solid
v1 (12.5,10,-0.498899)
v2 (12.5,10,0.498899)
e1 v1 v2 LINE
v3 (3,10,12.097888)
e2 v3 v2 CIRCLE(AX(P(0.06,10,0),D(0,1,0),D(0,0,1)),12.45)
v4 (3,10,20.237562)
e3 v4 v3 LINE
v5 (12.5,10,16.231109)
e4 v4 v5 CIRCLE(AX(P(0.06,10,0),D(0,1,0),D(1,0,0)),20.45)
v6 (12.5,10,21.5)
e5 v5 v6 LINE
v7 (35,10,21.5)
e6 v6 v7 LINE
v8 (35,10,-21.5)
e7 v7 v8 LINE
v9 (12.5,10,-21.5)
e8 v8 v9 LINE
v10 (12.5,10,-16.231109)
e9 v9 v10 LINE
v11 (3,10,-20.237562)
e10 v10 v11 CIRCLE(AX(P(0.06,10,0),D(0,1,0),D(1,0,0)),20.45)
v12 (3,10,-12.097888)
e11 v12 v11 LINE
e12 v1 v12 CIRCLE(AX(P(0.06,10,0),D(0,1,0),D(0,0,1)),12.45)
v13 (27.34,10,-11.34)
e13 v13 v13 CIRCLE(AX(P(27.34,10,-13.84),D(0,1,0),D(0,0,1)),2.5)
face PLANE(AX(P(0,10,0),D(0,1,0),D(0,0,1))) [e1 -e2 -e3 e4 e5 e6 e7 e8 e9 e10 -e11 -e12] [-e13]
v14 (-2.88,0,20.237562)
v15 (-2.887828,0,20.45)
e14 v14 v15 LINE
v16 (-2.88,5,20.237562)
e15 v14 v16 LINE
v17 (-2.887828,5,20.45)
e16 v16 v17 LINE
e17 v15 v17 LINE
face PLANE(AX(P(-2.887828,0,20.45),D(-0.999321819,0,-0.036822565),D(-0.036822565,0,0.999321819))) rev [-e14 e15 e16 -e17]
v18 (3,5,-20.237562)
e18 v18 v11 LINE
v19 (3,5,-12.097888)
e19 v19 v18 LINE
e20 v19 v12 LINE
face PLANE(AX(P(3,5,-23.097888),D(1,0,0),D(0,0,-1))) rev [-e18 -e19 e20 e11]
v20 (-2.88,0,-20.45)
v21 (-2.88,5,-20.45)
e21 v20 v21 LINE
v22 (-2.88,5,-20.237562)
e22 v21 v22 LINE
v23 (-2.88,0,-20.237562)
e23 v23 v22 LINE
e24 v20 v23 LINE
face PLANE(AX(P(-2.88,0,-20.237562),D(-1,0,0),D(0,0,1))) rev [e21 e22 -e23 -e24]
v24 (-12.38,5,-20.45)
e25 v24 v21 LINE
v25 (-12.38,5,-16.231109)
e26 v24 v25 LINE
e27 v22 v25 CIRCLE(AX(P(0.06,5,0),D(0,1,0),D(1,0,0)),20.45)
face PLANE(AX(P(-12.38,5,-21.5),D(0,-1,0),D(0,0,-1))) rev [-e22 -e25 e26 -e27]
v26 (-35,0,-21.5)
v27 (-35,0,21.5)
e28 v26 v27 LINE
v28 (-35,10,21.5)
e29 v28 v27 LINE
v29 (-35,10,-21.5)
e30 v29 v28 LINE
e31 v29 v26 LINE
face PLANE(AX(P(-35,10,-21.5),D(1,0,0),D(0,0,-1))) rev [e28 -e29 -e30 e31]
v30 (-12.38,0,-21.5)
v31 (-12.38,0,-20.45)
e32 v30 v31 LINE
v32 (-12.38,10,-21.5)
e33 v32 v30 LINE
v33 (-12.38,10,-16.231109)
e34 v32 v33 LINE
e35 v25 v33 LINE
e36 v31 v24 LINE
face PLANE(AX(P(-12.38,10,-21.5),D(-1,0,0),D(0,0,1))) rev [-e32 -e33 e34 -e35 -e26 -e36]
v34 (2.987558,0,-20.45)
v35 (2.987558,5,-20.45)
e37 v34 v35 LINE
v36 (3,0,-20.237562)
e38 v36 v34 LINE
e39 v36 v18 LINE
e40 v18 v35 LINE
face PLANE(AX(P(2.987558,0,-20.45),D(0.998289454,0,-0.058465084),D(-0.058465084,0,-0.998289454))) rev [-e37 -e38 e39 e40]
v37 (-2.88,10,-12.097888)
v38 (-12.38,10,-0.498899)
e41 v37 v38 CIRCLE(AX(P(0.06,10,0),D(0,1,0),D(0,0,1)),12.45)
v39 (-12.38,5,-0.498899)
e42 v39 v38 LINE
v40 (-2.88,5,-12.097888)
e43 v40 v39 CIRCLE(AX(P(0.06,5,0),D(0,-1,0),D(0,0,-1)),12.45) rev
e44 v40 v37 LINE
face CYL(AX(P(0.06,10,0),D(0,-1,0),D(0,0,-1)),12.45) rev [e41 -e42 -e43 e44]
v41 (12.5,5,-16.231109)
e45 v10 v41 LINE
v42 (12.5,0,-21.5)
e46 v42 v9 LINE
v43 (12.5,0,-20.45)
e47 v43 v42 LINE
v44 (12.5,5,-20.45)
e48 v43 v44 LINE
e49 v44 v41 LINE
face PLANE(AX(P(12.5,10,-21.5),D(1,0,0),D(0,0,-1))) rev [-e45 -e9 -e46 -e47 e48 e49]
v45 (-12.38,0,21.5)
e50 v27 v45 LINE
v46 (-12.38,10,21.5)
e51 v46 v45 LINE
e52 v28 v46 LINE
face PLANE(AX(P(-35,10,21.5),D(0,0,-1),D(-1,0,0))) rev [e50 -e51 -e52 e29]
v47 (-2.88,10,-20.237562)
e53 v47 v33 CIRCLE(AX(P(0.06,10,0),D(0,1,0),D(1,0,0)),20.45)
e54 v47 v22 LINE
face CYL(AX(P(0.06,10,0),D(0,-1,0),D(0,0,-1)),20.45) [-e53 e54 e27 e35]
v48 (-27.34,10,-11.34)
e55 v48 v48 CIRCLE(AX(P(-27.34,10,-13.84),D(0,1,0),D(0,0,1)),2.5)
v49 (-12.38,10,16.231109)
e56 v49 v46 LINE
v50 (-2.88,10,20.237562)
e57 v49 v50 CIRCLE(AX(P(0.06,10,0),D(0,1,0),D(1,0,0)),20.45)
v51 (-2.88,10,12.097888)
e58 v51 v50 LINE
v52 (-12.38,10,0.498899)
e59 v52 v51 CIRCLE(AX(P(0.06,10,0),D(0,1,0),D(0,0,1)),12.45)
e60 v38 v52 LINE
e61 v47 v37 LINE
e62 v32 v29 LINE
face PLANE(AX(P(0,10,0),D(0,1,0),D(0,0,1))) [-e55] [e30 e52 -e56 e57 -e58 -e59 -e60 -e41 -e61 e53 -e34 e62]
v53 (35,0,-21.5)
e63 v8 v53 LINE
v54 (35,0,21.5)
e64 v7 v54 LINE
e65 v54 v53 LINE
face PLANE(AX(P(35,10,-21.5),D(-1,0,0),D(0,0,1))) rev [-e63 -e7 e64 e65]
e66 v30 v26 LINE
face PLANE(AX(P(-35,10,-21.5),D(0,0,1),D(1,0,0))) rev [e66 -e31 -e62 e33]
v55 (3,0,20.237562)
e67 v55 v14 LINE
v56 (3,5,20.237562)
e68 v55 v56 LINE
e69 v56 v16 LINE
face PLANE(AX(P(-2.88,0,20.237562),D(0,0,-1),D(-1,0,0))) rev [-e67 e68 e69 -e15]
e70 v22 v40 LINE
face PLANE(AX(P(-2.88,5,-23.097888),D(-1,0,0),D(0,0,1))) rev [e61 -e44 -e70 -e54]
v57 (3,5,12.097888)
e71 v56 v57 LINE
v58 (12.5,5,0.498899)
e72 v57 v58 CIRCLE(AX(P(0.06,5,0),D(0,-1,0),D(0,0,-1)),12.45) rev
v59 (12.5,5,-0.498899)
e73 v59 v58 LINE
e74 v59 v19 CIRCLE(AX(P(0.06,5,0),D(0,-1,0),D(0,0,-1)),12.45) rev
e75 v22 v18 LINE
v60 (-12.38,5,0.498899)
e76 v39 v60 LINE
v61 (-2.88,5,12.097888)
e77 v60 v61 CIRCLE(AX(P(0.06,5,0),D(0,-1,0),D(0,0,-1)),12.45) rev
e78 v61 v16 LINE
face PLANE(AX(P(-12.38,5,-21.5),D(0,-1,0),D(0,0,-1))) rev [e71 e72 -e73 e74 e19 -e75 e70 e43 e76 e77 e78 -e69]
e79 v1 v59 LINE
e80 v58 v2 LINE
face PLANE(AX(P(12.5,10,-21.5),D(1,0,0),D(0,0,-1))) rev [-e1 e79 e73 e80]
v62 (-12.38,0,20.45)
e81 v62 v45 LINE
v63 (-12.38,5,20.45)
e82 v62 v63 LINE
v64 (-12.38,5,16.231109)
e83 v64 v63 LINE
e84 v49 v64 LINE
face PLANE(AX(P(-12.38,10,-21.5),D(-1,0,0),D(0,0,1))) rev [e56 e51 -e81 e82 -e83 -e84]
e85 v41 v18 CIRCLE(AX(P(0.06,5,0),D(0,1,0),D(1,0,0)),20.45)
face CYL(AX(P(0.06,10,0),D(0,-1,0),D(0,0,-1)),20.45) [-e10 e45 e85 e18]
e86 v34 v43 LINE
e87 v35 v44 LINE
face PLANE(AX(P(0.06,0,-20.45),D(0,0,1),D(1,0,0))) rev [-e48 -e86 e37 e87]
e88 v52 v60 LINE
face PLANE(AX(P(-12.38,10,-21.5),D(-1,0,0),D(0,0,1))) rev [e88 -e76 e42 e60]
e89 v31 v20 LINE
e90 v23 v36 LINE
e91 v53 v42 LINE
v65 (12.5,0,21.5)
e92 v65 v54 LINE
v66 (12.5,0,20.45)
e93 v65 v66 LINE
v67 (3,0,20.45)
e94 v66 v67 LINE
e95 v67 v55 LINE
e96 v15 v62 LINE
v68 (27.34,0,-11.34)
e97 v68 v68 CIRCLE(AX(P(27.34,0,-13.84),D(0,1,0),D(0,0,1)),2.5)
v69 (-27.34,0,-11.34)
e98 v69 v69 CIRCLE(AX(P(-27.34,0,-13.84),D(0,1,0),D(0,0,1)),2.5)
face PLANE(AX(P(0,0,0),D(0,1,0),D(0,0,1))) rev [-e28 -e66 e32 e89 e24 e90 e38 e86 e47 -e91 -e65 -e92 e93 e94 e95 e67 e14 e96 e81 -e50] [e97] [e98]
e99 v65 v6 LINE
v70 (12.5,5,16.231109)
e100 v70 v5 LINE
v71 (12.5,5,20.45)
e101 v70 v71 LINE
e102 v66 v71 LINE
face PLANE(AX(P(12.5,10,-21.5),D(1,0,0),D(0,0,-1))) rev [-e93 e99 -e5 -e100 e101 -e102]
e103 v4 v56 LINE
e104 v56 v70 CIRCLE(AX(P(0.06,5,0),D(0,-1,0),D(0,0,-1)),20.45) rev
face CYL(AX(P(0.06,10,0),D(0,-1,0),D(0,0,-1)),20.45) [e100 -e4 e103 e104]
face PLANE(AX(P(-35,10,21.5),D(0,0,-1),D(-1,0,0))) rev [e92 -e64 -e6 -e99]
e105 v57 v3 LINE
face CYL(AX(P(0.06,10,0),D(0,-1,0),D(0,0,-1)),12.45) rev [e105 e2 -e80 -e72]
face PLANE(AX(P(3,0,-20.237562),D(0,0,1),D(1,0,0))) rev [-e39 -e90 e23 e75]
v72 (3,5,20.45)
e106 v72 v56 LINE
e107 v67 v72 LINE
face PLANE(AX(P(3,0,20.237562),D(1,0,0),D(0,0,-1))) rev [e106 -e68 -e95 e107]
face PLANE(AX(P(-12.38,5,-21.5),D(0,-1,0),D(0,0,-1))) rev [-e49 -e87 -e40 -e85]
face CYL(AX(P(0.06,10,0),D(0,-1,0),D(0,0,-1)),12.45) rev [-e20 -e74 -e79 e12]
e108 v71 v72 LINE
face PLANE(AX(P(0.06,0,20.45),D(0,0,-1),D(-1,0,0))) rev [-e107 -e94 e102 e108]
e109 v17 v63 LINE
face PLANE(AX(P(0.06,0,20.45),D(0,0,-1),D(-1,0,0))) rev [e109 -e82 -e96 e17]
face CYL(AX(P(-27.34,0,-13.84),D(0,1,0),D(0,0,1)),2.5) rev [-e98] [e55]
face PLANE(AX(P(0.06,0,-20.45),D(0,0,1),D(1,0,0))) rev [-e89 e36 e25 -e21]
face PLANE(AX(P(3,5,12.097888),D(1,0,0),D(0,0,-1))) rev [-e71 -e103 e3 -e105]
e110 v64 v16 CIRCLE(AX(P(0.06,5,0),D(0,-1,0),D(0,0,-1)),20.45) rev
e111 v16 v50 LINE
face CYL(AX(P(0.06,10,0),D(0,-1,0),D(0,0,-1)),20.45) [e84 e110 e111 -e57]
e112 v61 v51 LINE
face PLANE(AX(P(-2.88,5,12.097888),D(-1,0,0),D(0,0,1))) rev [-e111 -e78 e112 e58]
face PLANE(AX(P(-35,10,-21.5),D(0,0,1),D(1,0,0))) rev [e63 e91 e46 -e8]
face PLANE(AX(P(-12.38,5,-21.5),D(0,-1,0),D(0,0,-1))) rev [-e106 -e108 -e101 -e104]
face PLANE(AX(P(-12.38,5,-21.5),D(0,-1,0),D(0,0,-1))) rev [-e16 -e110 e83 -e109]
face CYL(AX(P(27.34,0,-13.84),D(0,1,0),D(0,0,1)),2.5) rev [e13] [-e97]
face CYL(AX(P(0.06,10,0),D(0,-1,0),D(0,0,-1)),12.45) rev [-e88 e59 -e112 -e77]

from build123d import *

# Parameters (mm, degrees)
SKETCH_1_W           = 70
SKETCH_1_H           = 43
EXTRUDE_1_DEPTH      = 10
SKETCH_4_R           = 2.5
CUT_EXTRUDE_1_DEPTH  = 10
SKETCH_5_R           = 2.5
CUT_EXTRUDE_2_DEPTH  = 10
SKETCH_8_W           = 24.88
SKETCH_8_H           = 5
CUT_EXTRUDE_4_DEPTH  = 57.338264084
SKETCH_11_R          = 20.45
SKETCH_11_R_2        = 12.45
EXTRUDE_1_2_DEPTH    = 5
CUT_EXTRUDE_6_DEPTH  = 5
CUT_EXTRUDE_7_DEPTH  = 5
SKETCH_16_W          = 5.88
SKETCH_16_H          = 11
CUT_EXTRUDE_8_DEPTH  = 5
SKETCH_17_W          = 5.88
SKETCH_17_H          = 8.352111755
CUT_EXTRUDE_9_DEPTH  = 5
CUT_EXTRUDE_10_DEPTH = 5
CUT_EXTRUDE_11_DEPTH = 5


with BuildPart() as part:
    # 草圖1 → Extrude 1 (new body)
    with BuildSketch(Plane(origin=(0, 0, 0), x_dir=(1, 0, 0), z_dir=(0, 1, 0))):
        Rectangle(SKETCH_1_W, SKETCH_1_H)
    extrude(amount=EXTRUDE_1_DEPTH)

    # 草圖4 → 除料-伸長1 (cut)
    with BuildSketch(Plane(origin=(0, 10, 0), x_dir=(1, 0, 0), z_dir=(0, 1, 0))):
        with Locations(Location((-27.34, 13.84, 0), (0, 0, 270))):
            Circle(SKETCH_4_R)
    extrude(amount=-CUT_EXTRUDE_1_DEPTH, mode=Mode.SUBTRACT)

    # 草圖5 → 除料-伸長2 (cut)
    with BuildSketch(Plane(origin=(0, 10, 0), x_dir=(1, 0, 0), z_dir=(0, 1, 0))):
        with Locations(Location((27.34, 13.84, 0), (0, 0, 270))):
            Circle(SKETCH_5_R)
    extrude(amount=-CUT_EXTRUDE_2_DEPTH, mode=Mode.SUBTRACT)

    # 草圖8 → 除料-伸長4 (cut, through all)
    with BuildSketch(Plane.XY.offset(21.5)):
        with Locations((0.06, 7.5)):
            Rectangle(SKETCH_8_W, SKETCH_8_H)
    extrude(amount=-CUT_EXTRUDE_4_DEPTH, mode=Mode.SUBTRACT)

    # 草圖11 → Extrude 1 2 (add)
    with BuildSketch(Plane(origin=(0, 5, 0), x_dir=(1, 0, 0), z_dir=(0, 1, 0))):
        with Locations((0.06, 0)):
            Circle(SKETCH_11_R)
        with Locations((0.06, 0)):
            Circle(SKETCH_11_R_2, mode=Mode.SUBTRACT)
    extrude(amount=EXTRUDE_1_2_DEPTH)

    # 草圖14 → 除料-伸長6 (cut)
    with BuildSketch(Plane(origin=(0, 5, 0), x_dir=(1, 0, 0), z_dir=(0, 1, 0))):
        Polygon((0.06, -20.45), (12.5, -20.45), (12.5, -21.5), (-12.38, -21.5), (-12.38, -20.45), align=None)
    extrude(amount=-CUT_EXTRUDE_6_DEPTH, mode=Mode.SUBTRACT)

    # 草圖15 → 除料-伸長7 (cut)
    with BuildSketch(Plane(origin=(0, 5, 0), x_dir=(1, 0, 0), z_dir=(0, 1, 0))):
        Polygon((0.06, 20.45), (12.5, 20.45), (12.5, 21.5), (-12.38, 21.5), (-12.38, 20.45), align=None)
    extrude(amount=-CUT_EXTRUDE_7_DEPTH, mode=Mode.SUBTRACT)

    # 草圖16 → 除料-伸長8 (cut)
    with BuildSketch(Plane(origin=(0, 10, 0), x_dir=(1, 0, 0), z_dir=(0, 1, 0))):
        with Locations((0.06, 17.597888245)):
            Rectangle(SKETCH_16_W, SKETCH_16_H)
    extrude(amount=-CUT_EXTRUDE_8_DEPTH, mode=Mode.SUBTRACT)

    # 草圖17 → 除料-伸長9 (cut)
    with BuildSketch(Plane(origin=(0, 10, 0), x_dir=(1, 0, 0), z_dir=(0, 1, 0))):
        with Locations((0.06, -16.273944123)):
            Rectangle(SKETCH_17_W, SKETCH_17_H)
    extrude(amount=-CUT_EXTRUDE_9_DEPTH, mode=Mode.SUBTRACT)

    # 草圖19 → 除料-伸長10 (cut)
    with BuildSketch(Plane(origin=(0, 5, 0), x_dir=(1, 0, 0), z_dir=(0, 1, 0))):
        Polygon((-2.88, 20.237561612), (-2.88, 20.45), (2.98755849, 20.45), (3, 20.237561612), align=None)
    extrude(amount=-CUT_EXTRUDE_10_DEPTH, mode=Mode.SUBTRACT)

    # 草圖20 → 除料-伸長11 (cut)
    with BuildSketch(Plane(origin=(0, 5, 0), x_dir=(1, 0, 0), z_dir=(0, 1, 0))):
        Polygon((3, -20.237561612), (3, -20.45), (-2.887827835, -20.45), (-2.88, -20.237561612), align=None)
    extrude(amount=-CUT_EXTRUDE_11_DEPTH, mode=Mode.SUBTRACT)


solid = part.part
